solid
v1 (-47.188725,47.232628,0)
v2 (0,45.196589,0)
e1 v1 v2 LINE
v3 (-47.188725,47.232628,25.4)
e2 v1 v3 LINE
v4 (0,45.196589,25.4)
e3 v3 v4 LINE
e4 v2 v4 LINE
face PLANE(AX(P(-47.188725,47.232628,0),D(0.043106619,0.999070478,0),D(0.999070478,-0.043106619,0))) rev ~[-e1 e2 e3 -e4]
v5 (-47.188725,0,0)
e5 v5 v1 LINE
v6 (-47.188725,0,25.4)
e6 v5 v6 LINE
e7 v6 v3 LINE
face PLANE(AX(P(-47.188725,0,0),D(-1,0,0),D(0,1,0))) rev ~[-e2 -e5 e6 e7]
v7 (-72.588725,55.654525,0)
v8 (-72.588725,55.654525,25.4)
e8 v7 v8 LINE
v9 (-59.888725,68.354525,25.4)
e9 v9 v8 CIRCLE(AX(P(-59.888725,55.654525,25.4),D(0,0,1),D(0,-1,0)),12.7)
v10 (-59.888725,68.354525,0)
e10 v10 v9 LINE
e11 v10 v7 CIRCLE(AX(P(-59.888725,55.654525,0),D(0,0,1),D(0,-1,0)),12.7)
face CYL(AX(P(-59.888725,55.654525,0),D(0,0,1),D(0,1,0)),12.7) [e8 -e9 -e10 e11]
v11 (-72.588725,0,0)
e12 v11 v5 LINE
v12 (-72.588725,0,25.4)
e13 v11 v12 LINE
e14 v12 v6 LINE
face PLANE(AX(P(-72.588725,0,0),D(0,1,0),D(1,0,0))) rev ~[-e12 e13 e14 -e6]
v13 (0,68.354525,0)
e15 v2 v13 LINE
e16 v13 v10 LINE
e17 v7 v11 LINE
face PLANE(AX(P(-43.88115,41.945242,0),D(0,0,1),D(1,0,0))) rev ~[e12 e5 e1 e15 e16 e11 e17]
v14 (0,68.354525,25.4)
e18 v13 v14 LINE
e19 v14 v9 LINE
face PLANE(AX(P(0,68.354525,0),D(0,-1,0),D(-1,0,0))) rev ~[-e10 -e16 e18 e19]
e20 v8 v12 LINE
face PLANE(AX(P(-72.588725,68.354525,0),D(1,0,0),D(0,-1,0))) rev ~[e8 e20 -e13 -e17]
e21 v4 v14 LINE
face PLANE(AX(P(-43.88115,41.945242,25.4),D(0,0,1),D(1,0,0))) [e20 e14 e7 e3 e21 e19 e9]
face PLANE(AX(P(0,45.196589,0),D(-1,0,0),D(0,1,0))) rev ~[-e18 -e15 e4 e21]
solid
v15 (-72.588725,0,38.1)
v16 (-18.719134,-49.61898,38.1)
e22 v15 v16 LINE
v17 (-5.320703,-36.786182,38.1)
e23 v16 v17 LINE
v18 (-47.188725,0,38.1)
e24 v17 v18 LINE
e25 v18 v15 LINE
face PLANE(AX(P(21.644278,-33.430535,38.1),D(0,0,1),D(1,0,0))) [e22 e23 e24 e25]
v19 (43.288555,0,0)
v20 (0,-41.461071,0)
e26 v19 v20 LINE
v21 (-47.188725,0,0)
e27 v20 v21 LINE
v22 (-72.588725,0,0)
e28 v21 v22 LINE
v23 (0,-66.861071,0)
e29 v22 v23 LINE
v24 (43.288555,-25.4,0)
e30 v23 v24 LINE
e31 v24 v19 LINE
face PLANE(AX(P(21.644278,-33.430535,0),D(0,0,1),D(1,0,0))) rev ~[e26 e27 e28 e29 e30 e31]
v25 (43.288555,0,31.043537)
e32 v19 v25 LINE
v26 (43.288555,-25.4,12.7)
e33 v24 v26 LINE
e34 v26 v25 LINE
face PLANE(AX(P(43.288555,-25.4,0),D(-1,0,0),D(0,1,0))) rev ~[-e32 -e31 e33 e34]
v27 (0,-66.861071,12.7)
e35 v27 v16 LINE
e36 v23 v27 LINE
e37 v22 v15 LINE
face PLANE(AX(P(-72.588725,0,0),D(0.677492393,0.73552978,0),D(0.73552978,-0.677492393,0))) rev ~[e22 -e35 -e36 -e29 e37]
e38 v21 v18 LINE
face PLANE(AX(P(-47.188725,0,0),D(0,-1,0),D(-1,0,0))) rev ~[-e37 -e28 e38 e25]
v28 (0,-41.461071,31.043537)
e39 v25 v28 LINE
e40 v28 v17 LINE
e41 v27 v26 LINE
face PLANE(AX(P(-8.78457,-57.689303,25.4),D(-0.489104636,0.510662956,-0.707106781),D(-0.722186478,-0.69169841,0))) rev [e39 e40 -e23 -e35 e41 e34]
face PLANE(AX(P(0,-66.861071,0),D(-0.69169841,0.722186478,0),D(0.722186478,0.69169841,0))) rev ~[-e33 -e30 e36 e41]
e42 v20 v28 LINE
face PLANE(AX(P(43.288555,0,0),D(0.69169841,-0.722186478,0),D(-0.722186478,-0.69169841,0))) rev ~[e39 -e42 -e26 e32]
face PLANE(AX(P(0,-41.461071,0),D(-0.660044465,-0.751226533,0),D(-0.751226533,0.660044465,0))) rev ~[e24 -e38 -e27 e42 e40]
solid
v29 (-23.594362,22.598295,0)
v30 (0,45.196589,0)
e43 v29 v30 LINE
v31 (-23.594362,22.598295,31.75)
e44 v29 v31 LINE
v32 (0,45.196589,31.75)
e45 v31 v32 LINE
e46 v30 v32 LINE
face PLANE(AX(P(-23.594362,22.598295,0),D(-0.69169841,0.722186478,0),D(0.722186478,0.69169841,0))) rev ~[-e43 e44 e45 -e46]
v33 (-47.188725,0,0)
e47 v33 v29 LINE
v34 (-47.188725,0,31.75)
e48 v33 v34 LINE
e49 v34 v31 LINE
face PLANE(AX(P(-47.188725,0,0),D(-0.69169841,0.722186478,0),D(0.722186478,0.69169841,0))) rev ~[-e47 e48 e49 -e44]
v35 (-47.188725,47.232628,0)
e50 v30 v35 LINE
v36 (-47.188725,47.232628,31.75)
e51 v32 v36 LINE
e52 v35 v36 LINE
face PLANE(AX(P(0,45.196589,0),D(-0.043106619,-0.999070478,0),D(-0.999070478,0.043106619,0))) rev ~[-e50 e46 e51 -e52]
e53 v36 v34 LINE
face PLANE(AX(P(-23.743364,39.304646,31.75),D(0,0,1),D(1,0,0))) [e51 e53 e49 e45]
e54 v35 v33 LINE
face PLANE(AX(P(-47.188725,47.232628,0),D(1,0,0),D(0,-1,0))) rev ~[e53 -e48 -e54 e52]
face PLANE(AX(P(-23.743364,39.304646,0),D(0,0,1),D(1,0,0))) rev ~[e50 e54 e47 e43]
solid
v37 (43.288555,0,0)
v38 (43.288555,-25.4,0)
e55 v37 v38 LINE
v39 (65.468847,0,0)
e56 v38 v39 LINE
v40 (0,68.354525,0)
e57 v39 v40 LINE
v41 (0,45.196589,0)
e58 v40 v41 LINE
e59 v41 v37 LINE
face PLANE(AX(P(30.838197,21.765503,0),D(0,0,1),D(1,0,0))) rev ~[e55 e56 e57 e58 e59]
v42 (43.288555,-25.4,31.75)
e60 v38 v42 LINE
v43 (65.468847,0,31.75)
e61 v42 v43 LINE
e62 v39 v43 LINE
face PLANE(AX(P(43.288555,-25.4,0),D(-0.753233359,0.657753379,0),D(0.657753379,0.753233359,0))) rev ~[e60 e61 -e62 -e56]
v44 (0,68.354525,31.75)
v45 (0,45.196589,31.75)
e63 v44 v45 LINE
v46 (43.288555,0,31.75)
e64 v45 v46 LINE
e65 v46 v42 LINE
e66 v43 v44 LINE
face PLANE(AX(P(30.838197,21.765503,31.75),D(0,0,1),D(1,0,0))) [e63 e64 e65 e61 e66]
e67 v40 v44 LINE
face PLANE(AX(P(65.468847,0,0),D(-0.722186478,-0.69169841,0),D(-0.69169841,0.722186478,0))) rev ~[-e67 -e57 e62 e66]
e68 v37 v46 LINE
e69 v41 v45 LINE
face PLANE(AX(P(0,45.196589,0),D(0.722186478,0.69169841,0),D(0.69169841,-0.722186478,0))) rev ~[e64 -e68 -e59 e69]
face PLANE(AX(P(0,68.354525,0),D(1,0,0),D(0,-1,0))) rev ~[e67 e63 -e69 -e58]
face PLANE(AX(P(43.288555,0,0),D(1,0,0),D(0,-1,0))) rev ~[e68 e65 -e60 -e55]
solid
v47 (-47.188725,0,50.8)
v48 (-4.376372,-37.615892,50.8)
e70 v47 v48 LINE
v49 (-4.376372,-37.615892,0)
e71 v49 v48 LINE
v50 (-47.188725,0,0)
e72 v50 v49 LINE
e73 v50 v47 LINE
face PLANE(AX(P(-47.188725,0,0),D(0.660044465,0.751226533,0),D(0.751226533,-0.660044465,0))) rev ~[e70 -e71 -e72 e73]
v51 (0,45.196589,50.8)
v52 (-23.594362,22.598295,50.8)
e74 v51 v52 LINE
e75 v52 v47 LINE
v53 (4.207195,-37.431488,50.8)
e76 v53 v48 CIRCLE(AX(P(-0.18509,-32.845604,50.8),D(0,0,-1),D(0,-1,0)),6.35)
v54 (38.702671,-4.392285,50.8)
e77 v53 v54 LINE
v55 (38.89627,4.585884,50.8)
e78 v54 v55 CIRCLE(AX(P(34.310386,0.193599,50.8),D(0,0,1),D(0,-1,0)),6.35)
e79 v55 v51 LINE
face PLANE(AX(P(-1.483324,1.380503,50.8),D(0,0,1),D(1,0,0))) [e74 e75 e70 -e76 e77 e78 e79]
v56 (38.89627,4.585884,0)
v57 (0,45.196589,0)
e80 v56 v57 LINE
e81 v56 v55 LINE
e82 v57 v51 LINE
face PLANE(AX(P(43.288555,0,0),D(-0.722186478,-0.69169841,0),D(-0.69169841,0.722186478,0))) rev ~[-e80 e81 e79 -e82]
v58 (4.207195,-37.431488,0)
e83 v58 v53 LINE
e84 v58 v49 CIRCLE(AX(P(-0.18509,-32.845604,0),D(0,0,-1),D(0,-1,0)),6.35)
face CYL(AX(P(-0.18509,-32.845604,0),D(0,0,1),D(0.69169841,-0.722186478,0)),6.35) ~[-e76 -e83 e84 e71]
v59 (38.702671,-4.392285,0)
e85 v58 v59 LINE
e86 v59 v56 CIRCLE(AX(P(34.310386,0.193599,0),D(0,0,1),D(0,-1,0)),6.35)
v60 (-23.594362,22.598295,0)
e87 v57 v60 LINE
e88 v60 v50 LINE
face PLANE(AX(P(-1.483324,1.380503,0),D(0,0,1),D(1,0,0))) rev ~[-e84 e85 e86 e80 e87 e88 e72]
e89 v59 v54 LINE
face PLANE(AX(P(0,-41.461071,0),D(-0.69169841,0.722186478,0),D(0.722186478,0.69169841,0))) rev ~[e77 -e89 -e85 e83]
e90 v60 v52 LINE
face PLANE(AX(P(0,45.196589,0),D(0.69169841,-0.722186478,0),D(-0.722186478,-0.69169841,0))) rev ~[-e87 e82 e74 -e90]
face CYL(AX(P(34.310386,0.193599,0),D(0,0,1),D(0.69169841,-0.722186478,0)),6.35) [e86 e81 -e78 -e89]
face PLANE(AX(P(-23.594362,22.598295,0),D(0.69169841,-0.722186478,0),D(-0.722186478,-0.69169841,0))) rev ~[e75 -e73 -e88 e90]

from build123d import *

# Parameters (mm, degrees)
F1_DEPTH = 50.8
F2_DEPTH = 38.1
F3_DEPTH = 25.4
F4_DEPTH = 31.75
F5_DEPTH = 31.75
F6_SIZE2 = 25.4
F6_SIZE  = 25.4
F7_R     = 6.35
F8_R     = 12.7
F9_R     = 6.35


with BuildPart() as f1:
    # F0 (on Top) → F1 (new body)
    with BuildSketch(Plane.XY):
        Polygon((-23.5943623059, 22.5982947493), (-47.1887246119, 0), (0, -41.4610707942), (43.2885550331, 0), (0, 45.1965894986), align=None)
    extrude(amount=F1_DEPTH)

    # F7
    f7_edges = [f1.edges().sort_by_distance(p)[0] for p in [
        (43.288555, 0, 25.4),
    ]]
    fillet(f7_edges, radius=F7_R)

    # F9
    f9_edges = [f1.edges().sort_by_distance(p)[0] for p in [
        (0, -41.461071, 25.4),
    ]]
    fillet(f9_edges, radius=F9_R)


with BuildPart() as f2:
    # F0 (on Top) → F2 (new body)
    with BuildSketch(Plane.XY):
        Polygon((43.2885550331, 0), (0, -41.4610707942), (0, -66.8610707942), (43.2885550331, -25.4), align=None)
        Polygon((0, -41.4610707942), (-47.1887246119, 0), (-72.5887246119, 0), (0, -66.8610707942), align=None)
    extrude(amount=F2_DEPTH)

    # F6
    f6_edges = [f2.edges().sort_by_distance(p)[0] for p in [
        (21.644278, -46.130535, 38.1),
    ]]
    chamfer(f6_edges, length=F6_SIZE, length2=F6_SIZE2)


with BuildPart() as f3:
    # F0 (on Top) → F3 (new body)
    with BuildSketch(Plane.XY):
        Polygon((-72.5887246119, 0), (-47.1887246119, 0), (-47.1887246119, 47.2326283926), (0, 45.1965894986), (0, 68.354524672), (-72.5887246119, 68.354524672), align=None)
    extrude(amount=F3_DEPTH)

    # F8
    f8_edges = [f3.edges().sort_by_distance(p)[0] for p in [
        (-72.588725, 68.354525, 12.7),
    ]]
    fillet(f8_edges, radius=F8_R)


with BuildPart() as f4:
    # F0 (on Top) → F4 (new body)
    with BuildSketch(Plane.XY):
        Polygon((-47.1887246119, 47.2326283926), (-23.5943623059, 22.5982947493), (0, 45.1965894986), align=None)
        Polygon((-47.1887246119, 47.2326283926), (-47.1887246119, 0), (-23.5943623059, 22.5982947493), align=None)
    extrude(amount=F4_DEPTH)


with BuildPart() as f5:
    # F0 (on Top) → F5 (new body)
    with BuildSketch(Plane.XY):
        Polygon((0, 68.354524672), (0, 45.1965894986), (43.2885550331, 0), (43.2885550331, -25.4), (65.4688470049, 0), align=None)
    extrude(amount=F5_DEPTH)


solid = Compound([f1.part, f2.part, f3.part, f4.part, f5.part])
